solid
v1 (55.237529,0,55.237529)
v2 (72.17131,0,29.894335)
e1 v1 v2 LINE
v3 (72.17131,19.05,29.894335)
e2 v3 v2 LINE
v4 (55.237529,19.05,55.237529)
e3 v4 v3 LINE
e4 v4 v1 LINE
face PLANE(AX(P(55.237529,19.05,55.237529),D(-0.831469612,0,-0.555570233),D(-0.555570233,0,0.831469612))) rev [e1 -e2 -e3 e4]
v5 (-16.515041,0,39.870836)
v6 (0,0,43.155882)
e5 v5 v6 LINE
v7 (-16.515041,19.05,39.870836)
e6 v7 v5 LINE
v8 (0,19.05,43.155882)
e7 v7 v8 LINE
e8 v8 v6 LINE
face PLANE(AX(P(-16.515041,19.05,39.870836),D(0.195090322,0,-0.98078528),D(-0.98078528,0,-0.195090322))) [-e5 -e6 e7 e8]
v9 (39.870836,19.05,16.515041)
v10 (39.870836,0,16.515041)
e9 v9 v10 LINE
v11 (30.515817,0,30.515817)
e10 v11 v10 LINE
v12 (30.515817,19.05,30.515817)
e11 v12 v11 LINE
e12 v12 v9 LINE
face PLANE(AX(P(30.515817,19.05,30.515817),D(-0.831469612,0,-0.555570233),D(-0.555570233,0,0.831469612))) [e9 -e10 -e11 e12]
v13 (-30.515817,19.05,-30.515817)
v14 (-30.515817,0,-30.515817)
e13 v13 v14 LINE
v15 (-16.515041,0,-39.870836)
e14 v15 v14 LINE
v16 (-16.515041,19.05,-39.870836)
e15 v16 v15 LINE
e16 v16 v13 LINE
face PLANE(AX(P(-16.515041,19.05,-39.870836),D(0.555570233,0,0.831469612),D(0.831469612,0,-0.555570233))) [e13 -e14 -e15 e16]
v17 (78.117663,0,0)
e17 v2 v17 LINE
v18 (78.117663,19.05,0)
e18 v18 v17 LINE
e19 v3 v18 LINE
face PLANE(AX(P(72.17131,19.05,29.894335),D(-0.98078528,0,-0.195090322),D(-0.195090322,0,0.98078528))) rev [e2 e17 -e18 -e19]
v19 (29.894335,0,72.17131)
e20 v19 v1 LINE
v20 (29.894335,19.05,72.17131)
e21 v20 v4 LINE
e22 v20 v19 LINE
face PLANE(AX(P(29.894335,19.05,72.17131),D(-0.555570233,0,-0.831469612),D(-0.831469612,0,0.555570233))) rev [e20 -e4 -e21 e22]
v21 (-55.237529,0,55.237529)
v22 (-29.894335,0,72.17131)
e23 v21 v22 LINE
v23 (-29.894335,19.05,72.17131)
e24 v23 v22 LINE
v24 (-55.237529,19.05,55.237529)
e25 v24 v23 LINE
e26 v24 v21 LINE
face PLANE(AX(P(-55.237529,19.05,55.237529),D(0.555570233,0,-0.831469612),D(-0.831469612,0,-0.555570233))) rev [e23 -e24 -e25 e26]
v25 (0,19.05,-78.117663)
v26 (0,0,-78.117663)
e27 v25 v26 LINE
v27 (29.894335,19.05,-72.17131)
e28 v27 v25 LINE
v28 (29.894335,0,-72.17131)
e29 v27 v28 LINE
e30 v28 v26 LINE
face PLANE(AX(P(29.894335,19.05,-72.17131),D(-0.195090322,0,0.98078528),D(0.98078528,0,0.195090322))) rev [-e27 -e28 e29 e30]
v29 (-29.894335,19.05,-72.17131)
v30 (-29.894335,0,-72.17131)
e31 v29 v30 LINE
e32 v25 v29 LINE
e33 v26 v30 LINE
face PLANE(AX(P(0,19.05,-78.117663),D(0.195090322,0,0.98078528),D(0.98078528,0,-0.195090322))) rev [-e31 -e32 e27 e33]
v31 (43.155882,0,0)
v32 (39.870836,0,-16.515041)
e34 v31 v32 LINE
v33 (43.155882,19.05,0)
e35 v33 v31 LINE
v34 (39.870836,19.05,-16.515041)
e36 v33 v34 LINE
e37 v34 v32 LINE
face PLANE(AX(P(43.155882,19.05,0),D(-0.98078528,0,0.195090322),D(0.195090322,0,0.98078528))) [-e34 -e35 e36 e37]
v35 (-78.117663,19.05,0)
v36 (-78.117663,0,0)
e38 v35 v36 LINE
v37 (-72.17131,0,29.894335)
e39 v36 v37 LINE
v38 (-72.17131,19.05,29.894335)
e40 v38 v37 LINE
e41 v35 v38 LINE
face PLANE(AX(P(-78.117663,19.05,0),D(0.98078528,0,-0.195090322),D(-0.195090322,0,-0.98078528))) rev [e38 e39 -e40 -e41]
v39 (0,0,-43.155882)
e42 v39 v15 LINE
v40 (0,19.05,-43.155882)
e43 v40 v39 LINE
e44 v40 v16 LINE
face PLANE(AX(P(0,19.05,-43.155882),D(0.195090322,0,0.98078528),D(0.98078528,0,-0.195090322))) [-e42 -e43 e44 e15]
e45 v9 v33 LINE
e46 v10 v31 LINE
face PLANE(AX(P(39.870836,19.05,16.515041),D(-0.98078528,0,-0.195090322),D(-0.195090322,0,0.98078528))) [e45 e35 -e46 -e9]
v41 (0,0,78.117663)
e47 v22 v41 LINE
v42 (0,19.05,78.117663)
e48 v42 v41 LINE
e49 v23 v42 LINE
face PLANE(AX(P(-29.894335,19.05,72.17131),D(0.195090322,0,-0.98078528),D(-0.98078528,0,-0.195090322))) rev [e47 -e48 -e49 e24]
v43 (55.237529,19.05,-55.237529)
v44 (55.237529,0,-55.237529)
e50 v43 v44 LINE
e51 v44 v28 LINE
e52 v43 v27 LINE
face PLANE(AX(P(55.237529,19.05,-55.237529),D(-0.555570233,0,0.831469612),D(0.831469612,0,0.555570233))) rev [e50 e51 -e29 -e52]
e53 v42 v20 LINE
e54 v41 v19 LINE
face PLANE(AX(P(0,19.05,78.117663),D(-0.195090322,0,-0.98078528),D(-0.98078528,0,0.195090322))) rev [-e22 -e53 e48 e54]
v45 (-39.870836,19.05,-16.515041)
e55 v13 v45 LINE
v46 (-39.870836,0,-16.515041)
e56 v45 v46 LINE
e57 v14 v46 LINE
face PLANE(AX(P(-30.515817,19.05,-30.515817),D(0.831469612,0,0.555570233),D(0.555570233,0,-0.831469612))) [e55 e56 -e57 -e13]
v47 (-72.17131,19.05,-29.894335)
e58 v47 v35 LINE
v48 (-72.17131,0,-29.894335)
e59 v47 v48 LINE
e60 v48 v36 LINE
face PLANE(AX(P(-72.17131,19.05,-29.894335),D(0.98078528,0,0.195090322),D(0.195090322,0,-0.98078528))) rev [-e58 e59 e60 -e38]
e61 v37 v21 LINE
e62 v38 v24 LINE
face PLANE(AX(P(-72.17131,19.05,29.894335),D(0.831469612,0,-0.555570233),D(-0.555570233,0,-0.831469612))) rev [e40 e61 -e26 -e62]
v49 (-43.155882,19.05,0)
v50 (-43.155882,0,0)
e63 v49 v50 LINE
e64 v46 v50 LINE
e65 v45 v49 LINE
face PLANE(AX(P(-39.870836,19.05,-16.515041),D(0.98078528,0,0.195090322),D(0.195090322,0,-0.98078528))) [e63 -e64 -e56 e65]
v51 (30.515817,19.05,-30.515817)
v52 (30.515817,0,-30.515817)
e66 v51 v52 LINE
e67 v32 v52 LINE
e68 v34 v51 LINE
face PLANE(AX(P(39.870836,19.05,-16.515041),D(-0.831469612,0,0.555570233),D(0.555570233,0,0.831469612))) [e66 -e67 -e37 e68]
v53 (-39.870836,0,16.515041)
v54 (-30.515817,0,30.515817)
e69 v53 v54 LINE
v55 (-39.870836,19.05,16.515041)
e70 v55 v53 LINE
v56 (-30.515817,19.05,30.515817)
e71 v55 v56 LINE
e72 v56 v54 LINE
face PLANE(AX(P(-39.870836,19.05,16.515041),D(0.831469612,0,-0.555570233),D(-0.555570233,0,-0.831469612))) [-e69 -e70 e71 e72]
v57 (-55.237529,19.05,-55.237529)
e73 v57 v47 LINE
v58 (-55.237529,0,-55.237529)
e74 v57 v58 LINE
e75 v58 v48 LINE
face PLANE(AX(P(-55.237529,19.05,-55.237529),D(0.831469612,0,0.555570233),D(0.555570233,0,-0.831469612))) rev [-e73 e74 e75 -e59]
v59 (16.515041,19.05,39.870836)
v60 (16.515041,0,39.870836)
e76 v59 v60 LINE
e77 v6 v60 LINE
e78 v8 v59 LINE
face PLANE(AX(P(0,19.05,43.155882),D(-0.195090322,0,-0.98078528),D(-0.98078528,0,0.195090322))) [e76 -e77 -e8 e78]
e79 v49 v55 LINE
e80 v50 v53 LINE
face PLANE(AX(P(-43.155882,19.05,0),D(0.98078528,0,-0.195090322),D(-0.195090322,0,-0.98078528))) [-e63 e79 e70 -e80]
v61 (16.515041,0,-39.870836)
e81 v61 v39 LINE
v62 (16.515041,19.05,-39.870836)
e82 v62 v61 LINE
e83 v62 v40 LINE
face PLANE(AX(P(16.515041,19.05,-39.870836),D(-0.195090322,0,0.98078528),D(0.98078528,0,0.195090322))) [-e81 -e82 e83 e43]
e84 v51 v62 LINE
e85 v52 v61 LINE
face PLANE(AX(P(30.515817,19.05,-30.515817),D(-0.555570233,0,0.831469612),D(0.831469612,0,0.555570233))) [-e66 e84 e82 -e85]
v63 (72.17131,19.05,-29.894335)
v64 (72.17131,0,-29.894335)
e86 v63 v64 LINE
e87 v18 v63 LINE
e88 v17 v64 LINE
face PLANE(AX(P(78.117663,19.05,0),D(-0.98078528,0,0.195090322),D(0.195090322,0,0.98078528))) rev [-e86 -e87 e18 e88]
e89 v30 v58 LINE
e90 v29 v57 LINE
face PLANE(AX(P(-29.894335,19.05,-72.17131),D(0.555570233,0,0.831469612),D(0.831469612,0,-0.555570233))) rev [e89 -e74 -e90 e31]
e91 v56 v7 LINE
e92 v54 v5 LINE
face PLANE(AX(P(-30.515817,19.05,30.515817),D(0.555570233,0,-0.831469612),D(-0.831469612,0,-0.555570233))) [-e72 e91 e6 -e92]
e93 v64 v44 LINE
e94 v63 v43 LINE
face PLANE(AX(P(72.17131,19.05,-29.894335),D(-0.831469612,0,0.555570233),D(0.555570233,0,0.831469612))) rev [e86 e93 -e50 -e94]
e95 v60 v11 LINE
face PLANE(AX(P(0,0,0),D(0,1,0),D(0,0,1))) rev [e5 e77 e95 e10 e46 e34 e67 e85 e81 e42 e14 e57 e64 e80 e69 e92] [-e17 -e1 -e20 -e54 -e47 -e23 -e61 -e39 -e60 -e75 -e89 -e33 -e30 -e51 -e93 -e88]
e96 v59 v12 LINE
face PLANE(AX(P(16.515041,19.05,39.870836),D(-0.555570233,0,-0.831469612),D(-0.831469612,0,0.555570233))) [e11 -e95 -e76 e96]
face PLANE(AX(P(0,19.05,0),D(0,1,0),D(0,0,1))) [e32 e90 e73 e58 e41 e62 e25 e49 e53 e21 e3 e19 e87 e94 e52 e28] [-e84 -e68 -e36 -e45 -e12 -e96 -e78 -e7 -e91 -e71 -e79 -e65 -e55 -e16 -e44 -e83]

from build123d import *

# Parameters (mm, degrees)
BOSS_EXTRUDE2_DEPTH = 19.05


with BuildPart() as part:
    # Sketch2 → Boss-Extrude2 (new body)
    with BuildSketch(Plane(origin=(0, 0, 0), x_dir=(1, 0, 0), z_dir=(0, 1, 0))):
        Polygon((-78.117662847, 0), (-72.171309832, -29.894335347), (-55.23752913, -55.23752913), (-29.894335347, -72.171309832), (0, -78.117662847), (29.894335347, -72.171309832), (55.23752913, -55.23752913), (72.171309832, -29.894335347), (78.117662847, 0), (72.171309832, 29.894335347), (55.23752913, 55.23752913), (29.894335347, 72.171309832), (0, 78.117662847), (-29.894335347, 72.171309832), (-55.23752913, 55.23752913), (-72.171309832, 29.894335347), align=None)
        Polygon((-43.155882032, 0), (-39.870836117, -16.515041063), (-30.515816833, -30.515816833), (-16.515041063, -39.870836117), (0, -43.155882032), (16.515041063, -39.870836117), (30.515816833, -30.515816833), (39.870836117, -16.515041063), (43.155882032, 0), (39.870836117, 16.515041063), (30.515816833, 30.515816833), (16.515041063, 39.870836117), (0, 43.155882032), (-16.515041063, 39.870836117), (-30.515816833, 30.515816833), (-39.870836117, 16.515041063), align=None, mode=Mode.SUBTRACT)
    extrude(amount=BOSS_EXTRUDE2_DEPTH)


solid = part.part
